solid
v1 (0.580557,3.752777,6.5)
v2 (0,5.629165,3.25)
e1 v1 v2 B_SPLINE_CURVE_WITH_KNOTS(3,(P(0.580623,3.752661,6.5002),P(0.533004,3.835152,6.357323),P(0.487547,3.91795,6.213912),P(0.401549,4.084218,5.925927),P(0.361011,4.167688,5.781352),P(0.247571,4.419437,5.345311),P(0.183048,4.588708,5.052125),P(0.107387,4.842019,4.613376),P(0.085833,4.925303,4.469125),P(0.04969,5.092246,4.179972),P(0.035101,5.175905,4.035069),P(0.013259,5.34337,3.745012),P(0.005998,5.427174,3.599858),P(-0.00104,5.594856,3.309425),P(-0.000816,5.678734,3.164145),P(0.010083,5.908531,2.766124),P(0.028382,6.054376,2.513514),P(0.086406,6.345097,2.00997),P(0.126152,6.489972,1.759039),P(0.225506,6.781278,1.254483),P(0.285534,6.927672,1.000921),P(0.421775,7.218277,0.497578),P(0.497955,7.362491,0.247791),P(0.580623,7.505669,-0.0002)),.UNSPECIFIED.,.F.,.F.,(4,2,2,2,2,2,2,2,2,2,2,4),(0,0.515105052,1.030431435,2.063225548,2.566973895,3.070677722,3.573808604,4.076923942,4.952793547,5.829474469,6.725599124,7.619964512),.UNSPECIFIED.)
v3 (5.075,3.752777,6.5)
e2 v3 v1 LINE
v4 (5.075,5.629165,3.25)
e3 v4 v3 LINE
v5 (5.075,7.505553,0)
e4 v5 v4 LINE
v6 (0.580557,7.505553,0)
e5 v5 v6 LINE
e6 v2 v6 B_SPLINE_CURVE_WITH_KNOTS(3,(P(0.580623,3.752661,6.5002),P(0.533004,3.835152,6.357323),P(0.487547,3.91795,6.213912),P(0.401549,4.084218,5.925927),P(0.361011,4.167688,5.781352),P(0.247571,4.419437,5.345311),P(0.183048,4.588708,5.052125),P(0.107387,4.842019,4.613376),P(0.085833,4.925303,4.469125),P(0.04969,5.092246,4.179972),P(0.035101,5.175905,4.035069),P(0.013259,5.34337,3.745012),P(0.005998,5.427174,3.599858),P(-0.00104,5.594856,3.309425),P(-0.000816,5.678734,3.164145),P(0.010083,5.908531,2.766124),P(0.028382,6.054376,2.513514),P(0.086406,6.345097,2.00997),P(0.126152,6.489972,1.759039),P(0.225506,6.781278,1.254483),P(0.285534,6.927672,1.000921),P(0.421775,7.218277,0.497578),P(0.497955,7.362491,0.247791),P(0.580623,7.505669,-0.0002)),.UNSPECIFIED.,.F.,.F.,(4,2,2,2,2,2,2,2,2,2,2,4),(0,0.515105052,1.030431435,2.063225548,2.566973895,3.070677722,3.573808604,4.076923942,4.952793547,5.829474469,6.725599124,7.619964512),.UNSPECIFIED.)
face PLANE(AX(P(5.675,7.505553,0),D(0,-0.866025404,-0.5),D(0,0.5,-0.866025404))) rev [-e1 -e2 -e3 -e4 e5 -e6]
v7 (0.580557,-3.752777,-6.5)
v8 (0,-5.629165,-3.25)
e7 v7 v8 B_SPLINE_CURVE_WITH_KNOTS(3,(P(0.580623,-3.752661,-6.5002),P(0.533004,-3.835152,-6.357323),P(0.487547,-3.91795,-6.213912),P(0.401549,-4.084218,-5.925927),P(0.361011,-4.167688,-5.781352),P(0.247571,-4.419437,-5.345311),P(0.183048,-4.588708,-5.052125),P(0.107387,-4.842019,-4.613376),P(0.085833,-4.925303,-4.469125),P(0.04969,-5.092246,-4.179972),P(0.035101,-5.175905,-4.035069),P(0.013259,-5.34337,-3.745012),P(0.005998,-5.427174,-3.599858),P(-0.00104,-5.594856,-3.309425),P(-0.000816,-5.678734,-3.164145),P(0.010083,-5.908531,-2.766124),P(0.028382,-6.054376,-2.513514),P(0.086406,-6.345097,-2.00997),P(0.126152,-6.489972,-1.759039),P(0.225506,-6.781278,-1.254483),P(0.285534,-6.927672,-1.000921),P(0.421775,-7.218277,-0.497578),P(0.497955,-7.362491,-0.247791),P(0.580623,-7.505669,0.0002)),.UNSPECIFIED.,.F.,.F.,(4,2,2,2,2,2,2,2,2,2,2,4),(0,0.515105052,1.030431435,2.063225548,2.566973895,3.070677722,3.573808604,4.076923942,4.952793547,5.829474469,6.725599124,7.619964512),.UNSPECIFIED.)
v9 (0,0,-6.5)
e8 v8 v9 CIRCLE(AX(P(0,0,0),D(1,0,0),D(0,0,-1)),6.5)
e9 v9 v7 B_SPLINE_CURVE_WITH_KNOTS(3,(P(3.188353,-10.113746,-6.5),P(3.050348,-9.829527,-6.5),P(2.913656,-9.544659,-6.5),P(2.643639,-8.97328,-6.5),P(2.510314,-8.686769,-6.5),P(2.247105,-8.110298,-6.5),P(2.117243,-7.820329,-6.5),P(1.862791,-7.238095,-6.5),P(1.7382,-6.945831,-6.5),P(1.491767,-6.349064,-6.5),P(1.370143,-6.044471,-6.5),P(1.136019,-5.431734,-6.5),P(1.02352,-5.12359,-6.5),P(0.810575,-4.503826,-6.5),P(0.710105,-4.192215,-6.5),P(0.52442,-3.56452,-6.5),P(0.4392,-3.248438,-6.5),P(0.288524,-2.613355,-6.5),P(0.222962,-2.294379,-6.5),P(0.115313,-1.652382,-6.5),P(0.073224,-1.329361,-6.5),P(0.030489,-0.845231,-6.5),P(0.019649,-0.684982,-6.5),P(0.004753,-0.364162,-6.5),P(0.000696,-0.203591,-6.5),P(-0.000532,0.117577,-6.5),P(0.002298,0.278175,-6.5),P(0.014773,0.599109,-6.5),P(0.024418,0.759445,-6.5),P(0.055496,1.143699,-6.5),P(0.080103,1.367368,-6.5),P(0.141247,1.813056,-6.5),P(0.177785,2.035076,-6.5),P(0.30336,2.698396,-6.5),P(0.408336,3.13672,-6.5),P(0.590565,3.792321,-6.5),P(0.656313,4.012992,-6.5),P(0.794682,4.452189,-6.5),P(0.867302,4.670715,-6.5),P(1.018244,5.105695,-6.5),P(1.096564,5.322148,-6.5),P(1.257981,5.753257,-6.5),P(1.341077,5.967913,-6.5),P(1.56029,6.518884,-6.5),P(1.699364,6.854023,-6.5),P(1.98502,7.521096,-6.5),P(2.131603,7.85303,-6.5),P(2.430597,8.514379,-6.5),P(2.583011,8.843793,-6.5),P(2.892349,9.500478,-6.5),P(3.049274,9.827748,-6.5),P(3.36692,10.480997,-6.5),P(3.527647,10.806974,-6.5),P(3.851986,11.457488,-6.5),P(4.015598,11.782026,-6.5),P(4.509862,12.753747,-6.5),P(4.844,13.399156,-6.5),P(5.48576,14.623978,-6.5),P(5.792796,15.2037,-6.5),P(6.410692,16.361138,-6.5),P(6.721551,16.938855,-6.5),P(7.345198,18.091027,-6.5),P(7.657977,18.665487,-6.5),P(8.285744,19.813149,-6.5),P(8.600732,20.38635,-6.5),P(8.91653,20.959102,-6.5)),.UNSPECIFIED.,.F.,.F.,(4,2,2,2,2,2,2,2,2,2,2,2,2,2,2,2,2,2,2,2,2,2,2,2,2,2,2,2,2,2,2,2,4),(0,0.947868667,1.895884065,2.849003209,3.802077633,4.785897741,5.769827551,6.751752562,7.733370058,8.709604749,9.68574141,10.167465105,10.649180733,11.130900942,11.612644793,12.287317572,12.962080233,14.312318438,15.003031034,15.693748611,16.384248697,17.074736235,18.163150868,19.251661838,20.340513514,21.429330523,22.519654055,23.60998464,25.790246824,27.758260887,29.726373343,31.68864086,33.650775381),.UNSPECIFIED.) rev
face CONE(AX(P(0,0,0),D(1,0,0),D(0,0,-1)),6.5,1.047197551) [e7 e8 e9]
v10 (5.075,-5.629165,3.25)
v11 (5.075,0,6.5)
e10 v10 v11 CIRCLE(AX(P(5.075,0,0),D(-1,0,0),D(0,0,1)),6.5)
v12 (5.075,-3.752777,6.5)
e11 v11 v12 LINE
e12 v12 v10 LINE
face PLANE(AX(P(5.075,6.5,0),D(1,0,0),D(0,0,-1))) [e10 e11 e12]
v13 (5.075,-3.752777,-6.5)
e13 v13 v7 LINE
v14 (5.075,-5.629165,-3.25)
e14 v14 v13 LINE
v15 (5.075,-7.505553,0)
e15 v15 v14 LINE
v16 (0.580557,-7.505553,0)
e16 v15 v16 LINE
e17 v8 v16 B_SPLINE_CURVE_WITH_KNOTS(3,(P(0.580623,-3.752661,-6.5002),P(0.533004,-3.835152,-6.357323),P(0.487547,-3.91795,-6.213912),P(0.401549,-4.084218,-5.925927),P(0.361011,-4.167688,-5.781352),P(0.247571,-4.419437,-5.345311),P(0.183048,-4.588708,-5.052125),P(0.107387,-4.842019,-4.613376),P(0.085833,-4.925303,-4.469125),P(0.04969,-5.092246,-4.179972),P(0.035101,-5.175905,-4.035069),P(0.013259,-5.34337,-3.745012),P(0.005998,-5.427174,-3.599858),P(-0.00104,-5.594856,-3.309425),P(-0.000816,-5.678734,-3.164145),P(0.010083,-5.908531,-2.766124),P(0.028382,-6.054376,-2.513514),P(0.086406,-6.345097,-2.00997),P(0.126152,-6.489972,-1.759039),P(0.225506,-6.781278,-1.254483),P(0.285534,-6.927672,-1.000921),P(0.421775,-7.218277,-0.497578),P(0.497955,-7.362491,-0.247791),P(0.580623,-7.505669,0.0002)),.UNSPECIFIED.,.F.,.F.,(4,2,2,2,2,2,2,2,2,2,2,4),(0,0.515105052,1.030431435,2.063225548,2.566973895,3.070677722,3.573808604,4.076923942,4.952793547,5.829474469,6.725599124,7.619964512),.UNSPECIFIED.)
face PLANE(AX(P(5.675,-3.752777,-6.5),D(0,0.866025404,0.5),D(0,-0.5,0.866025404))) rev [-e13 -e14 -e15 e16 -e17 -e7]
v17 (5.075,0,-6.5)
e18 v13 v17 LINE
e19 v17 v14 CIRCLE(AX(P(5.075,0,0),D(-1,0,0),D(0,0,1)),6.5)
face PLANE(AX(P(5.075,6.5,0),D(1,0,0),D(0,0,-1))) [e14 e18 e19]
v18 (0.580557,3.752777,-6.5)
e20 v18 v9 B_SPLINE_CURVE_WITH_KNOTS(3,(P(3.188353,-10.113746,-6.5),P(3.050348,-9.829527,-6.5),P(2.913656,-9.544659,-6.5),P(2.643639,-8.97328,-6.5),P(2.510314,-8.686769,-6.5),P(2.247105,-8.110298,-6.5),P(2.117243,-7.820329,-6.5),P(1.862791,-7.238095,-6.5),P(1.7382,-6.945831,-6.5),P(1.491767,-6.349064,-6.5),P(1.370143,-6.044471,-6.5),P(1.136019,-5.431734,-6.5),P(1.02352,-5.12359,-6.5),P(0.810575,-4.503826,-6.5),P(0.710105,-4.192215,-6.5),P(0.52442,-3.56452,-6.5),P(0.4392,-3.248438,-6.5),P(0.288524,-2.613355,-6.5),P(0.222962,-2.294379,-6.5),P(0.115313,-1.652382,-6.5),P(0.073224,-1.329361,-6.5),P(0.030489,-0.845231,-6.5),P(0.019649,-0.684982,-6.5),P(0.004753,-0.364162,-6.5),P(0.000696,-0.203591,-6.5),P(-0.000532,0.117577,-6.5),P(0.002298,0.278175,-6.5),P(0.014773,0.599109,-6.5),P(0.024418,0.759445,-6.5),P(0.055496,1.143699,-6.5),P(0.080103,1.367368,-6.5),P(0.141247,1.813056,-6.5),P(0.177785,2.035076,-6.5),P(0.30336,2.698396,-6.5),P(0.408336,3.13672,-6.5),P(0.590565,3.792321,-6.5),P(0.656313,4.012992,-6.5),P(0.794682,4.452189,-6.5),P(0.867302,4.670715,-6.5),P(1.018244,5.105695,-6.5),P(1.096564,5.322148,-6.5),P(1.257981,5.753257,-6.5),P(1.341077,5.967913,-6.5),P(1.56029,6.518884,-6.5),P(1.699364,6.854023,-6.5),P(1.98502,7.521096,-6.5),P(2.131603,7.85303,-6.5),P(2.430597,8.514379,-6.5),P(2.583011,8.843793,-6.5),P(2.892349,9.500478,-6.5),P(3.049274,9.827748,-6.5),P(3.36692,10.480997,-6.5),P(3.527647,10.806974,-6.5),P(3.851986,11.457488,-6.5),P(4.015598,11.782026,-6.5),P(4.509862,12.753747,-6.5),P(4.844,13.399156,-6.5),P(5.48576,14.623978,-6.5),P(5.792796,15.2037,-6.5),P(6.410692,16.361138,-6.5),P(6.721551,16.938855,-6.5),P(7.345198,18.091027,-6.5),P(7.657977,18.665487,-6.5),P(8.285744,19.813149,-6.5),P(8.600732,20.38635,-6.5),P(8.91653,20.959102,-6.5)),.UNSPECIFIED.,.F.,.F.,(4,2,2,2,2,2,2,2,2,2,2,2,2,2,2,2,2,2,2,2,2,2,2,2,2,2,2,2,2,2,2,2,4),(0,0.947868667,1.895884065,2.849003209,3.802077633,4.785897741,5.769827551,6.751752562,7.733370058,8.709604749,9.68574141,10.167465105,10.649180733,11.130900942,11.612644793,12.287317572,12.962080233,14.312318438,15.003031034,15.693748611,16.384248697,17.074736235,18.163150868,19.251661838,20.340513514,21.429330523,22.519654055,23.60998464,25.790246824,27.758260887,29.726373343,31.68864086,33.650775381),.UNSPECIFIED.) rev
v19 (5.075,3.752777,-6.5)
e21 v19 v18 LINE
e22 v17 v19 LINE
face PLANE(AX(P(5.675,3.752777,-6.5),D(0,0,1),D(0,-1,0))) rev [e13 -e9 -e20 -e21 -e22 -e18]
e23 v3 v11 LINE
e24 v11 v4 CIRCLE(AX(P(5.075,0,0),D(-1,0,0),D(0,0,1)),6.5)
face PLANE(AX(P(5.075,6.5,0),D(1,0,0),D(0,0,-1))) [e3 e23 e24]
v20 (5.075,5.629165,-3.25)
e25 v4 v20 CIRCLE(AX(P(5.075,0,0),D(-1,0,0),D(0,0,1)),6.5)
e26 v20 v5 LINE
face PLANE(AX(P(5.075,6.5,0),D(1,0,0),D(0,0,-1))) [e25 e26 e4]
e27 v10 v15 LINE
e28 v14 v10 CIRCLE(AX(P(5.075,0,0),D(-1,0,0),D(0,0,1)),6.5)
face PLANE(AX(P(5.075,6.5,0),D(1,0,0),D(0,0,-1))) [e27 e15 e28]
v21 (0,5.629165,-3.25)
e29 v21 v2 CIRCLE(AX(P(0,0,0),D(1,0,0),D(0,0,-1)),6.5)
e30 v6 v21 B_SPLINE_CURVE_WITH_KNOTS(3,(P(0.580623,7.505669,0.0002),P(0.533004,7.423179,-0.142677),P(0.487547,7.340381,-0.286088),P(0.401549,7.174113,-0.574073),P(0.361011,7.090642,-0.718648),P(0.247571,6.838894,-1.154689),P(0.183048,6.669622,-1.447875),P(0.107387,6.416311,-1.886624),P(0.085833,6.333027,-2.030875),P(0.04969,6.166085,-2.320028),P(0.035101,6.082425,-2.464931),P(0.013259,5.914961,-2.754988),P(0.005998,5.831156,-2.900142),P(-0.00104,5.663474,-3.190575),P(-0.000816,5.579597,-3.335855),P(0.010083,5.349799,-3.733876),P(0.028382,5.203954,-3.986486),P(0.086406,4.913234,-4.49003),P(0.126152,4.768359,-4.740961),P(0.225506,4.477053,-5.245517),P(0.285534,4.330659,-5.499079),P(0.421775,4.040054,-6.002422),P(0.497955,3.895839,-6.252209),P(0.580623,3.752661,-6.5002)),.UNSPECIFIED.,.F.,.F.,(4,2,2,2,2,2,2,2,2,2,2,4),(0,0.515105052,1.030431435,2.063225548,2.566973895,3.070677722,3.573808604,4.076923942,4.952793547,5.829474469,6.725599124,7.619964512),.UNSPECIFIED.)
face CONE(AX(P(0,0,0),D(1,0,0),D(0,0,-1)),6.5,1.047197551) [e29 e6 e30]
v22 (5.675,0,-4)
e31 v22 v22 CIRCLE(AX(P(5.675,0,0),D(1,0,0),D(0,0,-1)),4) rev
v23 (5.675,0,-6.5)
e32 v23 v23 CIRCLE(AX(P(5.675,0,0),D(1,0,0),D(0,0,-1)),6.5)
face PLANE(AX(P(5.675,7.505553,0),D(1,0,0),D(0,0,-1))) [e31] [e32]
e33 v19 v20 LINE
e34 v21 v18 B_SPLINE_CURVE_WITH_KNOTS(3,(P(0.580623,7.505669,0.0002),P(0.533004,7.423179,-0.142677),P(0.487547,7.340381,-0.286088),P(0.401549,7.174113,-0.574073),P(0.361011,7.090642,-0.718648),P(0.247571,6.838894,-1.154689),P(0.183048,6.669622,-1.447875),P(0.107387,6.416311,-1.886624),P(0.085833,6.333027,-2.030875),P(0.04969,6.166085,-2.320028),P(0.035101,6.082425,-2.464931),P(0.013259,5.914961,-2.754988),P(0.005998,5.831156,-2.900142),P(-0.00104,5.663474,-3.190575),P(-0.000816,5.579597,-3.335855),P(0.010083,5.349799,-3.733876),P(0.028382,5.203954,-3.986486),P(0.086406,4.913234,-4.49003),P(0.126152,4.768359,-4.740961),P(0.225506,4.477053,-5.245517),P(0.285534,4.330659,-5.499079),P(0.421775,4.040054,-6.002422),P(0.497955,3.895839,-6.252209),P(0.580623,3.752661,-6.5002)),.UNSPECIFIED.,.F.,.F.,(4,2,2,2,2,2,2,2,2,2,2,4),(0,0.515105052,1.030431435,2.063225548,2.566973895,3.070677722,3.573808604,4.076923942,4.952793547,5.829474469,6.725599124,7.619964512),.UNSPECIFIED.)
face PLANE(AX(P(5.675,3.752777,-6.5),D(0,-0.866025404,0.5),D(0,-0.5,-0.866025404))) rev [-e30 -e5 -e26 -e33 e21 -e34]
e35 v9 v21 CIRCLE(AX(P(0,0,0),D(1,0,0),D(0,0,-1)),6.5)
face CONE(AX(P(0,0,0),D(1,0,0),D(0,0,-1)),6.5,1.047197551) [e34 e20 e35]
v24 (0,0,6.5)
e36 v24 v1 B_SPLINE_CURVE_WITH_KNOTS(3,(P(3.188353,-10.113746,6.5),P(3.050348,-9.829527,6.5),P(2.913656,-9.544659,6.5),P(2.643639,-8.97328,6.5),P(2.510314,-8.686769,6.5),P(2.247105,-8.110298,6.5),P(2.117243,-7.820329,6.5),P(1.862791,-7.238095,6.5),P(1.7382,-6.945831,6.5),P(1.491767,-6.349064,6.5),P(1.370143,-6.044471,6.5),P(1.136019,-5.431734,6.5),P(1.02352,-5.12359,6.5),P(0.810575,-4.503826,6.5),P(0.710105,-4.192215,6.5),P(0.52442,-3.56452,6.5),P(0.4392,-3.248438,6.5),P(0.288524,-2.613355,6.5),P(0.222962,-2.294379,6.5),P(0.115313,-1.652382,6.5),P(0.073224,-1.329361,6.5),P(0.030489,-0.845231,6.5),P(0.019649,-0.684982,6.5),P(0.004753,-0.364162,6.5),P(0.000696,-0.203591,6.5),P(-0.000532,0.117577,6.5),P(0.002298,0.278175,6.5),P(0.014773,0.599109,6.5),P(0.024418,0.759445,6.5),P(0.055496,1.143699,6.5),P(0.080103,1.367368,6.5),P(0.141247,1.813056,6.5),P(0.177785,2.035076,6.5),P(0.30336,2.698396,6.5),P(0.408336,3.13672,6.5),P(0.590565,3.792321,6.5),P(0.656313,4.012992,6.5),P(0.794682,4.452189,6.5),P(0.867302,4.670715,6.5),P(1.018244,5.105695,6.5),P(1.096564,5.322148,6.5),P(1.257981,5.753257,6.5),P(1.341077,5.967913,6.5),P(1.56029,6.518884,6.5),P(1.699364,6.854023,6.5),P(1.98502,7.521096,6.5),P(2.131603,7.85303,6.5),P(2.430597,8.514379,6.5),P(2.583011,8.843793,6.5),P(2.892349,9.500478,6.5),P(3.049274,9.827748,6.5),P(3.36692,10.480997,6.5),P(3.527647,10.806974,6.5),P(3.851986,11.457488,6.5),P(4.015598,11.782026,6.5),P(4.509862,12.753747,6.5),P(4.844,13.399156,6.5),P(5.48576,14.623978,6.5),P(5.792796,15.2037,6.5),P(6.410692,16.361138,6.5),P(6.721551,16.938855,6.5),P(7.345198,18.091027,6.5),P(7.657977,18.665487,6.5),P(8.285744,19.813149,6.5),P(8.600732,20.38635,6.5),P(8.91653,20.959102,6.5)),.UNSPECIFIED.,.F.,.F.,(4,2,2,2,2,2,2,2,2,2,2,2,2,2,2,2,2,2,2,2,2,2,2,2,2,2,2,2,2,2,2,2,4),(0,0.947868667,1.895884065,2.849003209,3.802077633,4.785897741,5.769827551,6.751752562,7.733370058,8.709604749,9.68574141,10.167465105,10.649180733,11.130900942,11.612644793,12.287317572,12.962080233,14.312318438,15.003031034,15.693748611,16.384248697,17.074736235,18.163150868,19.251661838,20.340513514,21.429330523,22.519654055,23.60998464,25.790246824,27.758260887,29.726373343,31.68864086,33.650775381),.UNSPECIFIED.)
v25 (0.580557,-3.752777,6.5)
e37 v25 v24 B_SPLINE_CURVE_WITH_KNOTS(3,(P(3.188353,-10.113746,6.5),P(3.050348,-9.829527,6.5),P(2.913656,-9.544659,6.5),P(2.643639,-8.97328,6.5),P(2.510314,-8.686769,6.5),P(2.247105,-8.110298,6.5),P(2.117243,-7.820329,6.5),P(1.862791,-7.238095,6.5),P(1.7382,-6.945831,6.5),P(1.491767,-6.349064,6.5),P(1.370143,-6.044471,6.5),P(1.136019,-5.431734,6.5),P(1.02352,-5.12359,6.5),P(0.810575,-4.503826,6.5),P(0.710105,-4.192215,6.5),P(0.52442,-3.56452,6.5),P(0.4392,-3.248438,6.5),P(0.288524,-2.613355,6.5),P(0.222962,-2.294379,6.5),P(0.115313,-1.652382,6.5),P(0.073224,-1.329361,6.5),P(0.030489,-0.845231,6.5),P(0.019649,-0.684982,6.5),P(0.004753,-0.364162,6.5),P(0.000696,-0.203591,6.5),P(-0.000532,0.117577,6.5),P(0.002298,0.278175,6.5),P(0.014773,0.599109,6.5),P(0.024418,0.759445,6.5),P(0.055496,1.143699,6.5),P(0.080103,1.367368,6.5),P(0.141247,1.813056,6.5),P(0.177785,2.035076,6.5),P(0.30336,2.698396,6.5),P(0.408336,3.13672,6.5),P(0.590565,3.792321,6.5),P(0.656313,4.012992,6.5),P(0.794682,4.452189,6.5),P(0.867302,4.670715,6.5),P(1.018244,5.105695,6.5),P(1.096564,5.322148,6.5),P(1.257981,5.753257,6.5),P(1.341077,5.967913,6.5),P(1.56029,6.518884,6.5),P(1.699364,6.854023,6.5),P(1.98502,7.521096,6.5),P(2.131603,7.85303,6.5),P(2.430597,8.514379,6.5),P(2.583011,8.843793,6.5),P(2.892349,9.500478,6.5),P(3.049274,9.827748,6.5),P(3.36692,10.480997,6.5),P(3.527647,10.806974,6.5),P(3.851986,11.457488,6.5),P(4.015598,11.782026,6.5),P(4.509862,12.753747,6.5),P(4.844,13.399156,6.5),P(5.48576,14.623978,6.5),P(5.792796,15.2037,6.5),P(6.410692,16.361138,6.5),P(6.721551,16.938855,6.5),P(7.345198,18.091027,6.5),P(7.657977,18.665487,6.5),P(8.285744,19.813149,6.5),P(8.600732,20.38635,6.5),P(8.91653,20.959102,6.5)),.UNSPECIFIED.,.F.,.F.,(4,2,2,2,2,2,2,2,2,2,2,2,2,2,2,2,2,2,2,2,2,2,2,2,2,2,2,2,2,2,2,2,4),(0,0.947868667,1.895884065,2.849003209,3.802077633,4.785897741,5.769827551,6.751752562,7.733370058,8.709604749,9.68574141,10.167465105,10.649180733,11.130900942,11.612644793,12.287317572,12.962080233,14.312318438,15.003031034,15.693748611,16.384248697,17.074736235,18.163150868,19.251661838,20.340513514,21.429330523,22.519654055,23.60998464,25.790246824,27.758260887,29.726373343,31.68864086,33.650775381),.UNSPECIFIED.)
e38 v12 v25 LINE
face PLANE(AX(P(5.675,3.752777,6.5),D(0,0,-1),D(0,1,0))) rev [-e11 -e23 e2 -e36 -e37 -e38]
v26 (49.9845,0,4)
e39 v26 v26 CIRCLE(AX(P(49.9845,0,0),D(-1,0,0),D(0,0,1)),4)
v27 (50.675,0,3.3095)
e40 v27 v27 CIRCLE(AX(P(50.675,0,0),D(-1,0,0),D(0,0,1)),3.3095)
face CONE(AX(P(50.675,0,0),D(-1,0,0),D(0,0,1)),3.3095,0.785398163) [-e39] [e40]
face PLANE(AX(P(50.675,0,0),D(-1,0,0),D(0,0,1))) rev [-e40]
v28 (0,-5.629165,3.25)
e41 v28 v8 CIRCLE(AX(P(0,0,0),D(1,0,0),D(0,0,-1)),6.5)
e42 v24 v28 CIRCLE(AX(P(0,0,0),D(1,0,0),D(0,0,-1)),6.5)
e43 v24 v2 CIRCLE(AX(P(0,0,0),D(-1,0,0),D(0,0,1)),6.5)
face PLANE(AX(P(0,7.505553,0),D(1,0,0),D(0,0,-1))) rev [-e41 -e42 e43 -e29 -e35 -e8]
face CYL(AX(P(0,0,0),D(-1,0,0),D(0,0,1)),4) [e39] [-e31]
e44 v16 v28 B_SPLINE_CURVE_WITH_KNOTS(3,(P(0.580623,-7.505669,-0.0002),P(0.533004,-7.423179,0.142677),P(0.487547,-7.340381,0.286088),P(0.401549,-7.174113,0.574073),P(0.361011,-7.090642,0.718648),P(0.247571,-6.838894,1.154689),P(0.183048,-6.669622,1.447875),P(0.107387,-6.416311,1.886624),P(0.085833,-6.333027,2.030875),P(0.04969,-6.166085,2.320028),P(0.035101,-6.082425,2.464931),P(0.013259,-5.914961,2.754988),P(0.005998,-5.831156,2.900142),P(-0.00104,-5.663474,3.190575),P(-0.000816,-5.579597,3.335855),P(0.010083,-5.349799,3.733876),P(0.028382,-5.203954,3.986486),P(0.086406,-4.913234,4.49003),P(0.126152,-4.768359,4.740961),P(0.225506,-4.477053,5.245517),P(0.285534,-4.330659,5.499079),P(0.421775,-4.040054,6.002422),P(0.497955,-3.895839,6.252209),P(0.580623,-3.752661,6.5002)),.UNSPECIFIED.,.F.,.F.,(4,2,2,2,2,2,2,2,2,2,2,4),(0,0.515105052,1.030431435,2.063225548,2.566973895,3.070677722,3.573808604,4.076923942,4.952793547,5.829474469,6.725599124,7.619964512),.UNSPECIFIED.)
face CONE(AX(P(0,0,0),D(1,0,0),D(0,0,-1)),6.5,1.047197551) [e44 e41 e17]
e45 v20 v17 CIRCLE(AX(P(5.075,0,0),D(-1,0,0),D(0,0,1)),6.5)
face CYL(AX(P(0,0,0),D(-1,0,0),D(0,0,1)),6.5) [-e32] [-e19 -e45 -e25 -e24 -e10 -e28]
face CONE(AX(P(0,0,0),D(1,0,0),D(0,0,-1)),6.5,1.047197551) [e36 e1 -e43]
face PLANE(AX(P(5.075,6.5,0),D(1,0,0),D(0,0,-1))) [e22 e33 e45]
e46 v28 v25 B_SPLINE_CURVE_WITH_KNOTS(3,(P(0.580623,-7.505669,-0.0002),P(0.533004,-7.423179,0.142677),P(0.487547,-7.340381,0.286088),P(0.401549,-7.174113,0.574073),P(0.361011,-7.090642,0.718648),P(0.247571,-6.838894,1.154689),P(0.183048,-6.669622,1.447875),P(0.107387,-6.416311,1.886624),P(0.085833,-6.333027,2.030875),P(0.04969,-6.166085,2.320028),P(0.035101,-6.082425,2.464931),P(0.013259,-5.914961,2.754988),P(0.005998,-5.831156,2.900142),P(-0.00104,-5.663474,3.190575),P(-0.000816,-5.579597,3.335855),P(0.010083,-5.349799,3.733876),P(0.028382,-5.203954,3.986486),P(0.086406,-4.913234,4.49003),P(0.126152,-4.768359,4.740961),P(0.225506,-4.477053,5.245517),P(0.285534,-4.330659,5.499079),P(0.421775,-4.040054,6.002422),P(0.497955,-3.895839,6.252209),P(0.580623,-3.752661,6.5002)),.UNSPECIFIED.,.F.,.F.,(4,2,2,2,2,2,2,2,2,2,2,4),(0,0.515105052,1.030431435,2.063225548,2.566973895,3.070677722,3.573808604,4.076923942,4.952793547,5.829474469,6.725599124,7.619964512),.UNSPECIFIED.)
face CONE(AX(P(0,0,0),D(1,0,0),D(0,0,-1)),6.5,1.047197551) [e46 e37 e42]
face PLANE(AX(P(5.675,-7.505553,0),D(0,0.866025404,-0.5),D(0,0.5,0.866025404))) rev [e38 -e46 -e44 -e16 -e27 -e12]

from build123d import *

# Parameters (mm, degrees)
BASEHEAD_DEPTH = 5.675
SKETCH4_W      = 0.6
SKETCH4_H      = 11.005553499


with BuildPart() as part:
    # Sketch1 → BaseHead (new body)
    with BuildSketch(Plane(origin=(0, 0, 0), x_dir=(0, 0, -1), z_dir=(1, 0, 0))):
        Polygon((6.5, 3.75277675), (6.5, -3.75277675), (0, -7.505553499), (-6.5, -3.75277675), (-6.5, 3.75277675), (0, 7.505553499), align=None)
    extrude(amount=BASEHEAD_DEPTH)

    # BodySke → BaseBody (revolve)
    with BuildSketch(Plane.XY, mode=Mode.PRIVATE) as basebody_sk:
        Polygon((0, 0), (50.675, 0), (50.675, 3.3095), (49.9845, 4), (0, 4), align=None)
    revolve(basebody_sk.sketch.rotate(Axis((0, 0, 0), (1, 0, 0)), 90), axis=Axis((0, 0, 0), (1, 0, 0)))

    # Sketch3 → HeadChamfer (revolve, cut)
    with BuildSketch(Plane.XY):
        Polygon((0, 6.5), (3.46730793, 12.505553499), (3.46730793, 17.505553499), (-10, 17.505553499), (-10, 6.5), align=None)
    revolve(axis=Axis((0, 0, 0), (1, 0, 0)), mode=Mode.SUBTRACT)

    # Sketch4 → BearingFace (revolve, cut)
    with BuildSketch(Plane.XY, mode=Mode.PRIVATE) as bearingface_sk:
        with Locations((5.375, 12.00277675)):
            Rectangle(SKETCH4_W, SKETCH4_H)
    revolve(bearingface_sk.sketch.rotate(Axis((0, 0, 0), (1, 0, 0)), 270), axis=Axis((0, 0, 0), (1, 0, 0)), mode=Mode.SUBTRACT)


solid = part.part
